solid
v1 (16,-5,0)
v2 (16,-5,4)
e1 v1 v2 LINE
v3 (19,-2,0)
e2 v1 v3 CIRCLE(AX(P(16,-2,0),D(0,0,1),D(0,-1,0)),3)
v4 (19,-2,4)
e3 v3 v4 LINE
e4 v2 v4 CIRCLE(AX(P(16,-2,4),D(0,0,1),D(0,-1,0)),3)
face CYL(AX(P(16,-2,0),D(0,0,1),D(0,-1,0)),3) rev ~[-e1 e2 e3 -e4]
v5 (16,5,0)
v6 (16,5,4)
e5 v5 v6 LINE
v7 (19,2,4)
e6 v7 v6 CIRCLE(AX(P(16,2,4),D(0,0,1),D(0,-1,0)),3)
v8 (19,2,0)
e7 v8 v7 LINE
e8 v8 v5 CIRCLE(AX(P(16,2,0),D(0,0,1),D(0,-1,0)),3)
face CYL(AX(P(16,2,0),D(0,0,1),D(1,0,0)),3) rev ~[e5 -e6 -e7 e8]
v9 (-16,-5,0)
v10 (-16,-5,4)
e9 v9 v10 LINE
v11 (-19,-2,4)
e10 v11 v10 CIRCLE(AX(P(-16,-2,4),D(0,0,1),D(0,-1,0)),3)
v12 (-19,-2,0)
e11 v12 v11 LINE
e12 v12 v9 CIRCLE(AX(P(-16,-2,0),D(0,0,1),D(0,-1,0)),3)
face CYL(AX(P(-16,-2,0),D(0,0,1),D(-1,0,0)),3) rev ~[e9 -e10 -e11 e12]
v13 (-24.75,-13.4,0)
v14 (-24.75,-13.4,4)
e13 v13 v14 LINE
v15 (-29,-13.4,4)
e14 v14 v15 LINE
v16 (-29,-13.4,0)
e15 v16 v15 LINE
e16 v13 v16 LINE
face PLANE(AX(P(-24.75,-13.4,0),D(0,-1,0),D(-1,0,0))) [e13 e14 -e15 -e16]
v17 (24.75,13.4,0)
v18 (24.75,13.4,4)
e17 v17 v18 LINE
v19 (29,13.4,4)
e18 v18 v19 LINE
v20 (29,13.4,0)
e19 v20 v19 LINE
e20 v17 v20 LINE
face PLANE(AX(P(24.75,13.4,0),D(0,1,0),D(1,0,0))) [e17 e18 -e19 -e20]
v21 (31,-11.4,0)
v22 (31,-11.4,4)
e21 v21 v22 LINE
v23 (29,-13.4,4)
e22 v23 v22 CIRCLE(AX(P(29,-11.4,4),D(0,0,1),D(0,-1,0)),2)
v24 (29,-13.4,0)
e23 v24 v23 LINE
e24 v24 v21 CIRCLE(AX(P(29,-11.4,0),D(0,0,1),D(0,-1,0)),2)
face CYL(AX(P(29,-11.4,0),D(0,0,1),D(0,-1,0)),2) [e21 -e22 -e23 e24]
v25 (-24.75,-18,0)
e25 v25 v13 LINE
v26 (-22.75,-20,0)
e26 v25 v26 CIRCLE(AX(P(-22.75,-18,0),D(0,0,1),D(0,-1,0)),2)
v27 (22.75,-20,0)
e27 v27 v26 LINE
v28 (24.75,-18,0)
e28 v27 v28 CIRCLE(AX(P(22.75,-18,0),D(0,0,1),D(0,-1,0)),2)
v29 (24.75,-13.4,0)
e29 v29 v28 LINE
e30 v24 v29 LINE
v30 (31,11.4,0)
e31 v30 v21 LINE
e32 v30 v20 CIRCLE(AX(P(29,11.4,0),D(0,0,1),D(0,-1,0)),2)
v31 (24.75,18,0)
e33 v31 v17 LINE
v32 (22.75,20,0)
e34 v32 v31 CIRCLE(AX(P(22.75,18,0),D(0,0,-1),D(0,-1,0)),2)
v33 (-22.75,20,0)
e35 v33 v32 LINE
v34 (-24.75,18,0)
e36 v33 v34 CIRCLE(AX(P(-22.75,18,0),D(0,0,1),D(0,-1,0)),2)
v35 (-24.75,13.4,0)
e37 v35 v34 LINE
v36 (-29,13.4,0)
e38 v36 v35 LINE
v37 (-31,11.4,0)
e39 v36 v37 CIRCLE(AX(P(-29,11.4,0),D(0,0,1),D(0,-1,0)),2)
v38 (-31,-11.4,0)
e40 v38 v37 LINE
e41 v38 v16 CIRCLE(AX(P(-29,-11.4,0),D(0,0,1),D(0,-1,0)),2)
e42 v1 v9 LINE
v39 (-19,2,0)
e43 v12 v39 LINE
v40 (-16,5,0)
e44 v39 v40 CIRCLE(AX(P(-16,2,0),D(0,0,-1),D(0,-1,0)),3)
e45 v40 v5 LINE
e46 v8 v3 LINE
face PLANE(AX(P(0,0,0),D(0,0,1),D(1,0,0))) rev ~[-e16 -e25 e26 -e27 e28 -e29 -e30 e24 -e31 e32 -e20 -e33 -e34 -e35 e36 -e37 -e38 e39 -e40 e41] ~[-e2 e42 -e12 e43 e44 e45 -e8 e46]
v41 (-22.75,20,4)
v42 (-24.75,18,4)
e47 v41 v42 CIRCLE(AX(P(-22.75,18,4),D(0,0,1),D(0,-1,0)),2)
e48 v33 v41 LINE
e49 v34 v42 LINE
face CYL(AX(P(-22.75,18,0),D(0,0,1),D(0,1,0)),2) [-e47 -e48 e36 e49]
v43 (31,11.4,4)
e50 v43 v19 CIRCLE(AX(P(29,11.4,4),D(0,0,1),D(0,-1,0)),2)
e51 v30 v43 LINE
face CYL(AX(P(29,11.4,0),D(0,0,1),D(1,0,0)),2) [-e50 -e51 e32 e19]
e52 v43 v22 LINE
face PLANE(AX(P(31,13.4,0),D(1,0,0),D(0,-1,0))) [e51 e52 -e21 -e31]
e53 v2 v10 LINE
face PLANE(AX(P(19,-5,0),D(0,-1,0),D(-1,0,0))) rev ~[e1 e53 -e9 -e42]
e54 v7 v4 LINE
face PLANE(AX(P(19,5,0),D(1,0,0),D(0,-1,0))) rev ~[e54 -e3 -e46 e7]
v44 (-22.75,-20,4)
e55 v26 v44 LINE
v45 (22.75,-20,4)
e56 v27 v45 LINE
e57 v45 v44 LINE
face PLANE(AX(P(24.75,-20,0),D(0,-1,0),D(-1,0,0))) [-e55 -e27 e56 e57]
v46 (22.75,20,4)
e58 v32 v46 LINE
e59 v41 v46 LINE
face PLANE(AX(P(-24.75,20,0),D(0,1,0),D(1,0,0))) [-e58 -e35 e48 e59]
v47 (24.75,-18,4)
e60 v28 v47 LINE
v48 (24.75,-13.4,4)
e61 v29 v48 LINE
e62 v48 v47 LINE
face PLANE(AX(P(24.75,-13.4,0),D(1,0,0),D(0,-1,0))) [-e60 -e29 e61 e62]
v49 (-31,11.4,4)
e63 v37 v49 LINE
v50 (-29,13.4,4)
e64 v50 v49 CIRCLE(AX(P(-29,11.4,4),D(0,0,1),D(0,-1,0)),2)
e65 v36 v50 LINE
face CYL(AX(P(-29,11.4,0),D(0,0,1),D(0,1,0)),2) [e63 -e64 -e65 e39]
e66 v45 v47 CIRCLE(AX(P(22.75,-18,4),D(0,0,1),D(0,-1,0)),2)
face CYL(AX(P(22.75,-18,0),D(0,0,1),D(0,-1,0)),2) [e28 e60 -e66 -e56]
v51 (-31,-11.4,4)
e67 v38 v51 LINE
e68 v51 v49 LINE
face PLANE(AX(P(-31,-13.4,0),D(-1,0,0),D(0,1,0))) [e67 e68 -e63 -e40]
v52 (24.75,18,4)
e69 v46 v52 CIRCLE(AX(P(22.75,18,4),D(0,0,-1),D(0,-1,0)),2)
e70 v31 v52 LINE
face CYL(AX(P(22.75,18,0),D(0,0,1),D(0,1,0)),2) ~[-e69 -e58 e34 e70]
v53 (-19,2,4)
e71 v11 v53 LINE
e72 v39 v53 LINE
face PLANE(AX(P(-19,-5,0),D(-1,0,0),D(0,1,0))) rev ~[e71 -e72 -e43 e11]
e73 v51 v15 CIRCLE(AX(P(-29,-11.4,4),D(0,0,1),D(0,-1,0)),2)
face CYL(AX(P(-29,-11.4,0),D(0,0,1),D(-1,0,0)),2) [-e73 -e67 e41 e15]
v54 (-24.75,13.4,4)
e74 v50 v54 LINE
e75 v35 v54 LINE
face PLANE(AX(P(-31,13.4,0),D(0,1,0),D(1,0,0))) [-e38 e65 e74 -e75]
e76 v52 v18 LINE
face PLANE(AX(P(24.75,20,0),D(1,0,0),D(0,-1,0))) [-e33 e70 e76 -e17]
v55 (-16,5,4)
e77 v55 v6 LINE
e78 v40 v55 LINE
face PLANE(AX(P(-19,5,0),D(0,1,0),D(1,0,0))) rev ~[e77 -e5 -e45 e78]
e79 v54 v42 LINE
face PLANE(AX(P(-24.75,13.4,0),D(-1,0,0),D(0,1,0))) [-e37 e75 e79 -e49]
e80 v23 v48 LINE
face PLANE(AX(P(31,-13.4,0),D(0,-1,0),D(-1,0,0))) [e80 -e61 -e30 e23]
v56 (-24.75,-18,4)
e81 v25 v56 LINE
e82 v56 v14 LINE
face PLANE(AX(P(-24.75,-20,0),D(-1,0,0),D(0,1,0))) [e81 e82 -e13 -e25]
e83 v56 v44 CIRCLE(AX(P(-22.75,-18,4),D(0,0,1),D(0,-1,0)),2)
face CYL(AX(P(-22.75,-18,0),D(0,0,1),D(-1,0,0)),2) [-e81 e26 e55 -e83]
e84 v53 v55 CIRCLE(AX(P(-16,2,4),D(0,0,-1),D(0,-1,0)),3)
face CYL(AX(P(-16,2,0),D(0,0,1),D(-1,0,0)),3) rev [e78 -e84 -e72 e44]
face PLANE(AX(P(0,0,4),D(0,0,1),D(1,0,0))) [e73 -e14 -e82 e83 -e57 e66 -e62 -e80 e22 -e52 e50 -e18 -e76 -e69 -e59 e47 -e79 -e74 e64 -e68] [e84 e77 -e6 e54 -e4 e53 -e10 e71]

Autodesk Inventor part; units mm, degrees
ref_plane "YZ Plane" through (0, 0, 0) normal (1, 0, 0) x (0, 1, 0)
ref_plane "XZ Plane" through (0, 0, 0) normal (0, 1, 0) x (-1, 0, 0)
ref_plane "XY Plane" through (0, 0, 0) normal (0, 0, 1) x (1, 0, 0)
sketch "スケッチ1" plane through (0, 0, 0) normal (0, 0, 1) x (1, 0, 0)
  line L0 (-24.75, 20) -> (24.75, 20)
  line L1 (24.75, 20) -> (24.75, -20)
  line L2 (24.75, -20) -> (-24.75, -20)
  line L3 (-24.75, -20) -> (-24.75, 20)
  line L4 (-24.75, 20) -> (24.75, -20) construction
  line L5 (24.75, 20) -> (-24.75, -20) construction
  line L6 (-31, 13.4) -> (31, 13.4)
  line L7 (31, 13.4) -> (31, -13.4)
  line L8 (31, -13.4) -> (-31, -13.4)
  line L9 (-31, -13.4) -> (-31, 13.4)
  line L10 (-31, 13.4) -> (31, -13.4) construction
  line L11 (31, 13.4) -> (-31, -13.4) construction
  line L12 (-19, 5) -> (19, 5)
  line L13 (19, 5) -> (19, -5)
  line L14 (19, -5) -> (-19, -5)
  line L15 (-19, -5) -> (-19, 5)
  line L16 (-19, 5) -> (19, -5) construction
  line L17 (19, 5) -> (-19, -5) construction
  point P0 (0, 0)
  point P1 (-24.75, 13.4)
  point P2 (-24.75, -13.4)
  point P3 (24.75, -13.4)
  point P4 (24.75, 13.4)
  dimension "d0" = 49.5
  dimension "d1" = 40
  dimension "d2" = 62
  dimension "d3" = 26.8
  dimension "d4" = 38
  dimension "d5" = 10
extrude "押し出し1" add sketch "スケッチ1" along normal blind 4
fillet "フィレット1" radius 3 4 edges at (-19, 5, 2) (19, 5, 2) (-19, -5, 2) (19, -5, 2)
fillet "フィレット2" radius 2 8 edges at (24.75, 20, 2) (31, 13.4, 2) (31, -13.4, 2) (24.75, -20, 2) (-24.75, 20, 2) (-31, 13.4, 2) (-31, -13.4, 2) (-24.75, -20, 2)
properties part number "top"
